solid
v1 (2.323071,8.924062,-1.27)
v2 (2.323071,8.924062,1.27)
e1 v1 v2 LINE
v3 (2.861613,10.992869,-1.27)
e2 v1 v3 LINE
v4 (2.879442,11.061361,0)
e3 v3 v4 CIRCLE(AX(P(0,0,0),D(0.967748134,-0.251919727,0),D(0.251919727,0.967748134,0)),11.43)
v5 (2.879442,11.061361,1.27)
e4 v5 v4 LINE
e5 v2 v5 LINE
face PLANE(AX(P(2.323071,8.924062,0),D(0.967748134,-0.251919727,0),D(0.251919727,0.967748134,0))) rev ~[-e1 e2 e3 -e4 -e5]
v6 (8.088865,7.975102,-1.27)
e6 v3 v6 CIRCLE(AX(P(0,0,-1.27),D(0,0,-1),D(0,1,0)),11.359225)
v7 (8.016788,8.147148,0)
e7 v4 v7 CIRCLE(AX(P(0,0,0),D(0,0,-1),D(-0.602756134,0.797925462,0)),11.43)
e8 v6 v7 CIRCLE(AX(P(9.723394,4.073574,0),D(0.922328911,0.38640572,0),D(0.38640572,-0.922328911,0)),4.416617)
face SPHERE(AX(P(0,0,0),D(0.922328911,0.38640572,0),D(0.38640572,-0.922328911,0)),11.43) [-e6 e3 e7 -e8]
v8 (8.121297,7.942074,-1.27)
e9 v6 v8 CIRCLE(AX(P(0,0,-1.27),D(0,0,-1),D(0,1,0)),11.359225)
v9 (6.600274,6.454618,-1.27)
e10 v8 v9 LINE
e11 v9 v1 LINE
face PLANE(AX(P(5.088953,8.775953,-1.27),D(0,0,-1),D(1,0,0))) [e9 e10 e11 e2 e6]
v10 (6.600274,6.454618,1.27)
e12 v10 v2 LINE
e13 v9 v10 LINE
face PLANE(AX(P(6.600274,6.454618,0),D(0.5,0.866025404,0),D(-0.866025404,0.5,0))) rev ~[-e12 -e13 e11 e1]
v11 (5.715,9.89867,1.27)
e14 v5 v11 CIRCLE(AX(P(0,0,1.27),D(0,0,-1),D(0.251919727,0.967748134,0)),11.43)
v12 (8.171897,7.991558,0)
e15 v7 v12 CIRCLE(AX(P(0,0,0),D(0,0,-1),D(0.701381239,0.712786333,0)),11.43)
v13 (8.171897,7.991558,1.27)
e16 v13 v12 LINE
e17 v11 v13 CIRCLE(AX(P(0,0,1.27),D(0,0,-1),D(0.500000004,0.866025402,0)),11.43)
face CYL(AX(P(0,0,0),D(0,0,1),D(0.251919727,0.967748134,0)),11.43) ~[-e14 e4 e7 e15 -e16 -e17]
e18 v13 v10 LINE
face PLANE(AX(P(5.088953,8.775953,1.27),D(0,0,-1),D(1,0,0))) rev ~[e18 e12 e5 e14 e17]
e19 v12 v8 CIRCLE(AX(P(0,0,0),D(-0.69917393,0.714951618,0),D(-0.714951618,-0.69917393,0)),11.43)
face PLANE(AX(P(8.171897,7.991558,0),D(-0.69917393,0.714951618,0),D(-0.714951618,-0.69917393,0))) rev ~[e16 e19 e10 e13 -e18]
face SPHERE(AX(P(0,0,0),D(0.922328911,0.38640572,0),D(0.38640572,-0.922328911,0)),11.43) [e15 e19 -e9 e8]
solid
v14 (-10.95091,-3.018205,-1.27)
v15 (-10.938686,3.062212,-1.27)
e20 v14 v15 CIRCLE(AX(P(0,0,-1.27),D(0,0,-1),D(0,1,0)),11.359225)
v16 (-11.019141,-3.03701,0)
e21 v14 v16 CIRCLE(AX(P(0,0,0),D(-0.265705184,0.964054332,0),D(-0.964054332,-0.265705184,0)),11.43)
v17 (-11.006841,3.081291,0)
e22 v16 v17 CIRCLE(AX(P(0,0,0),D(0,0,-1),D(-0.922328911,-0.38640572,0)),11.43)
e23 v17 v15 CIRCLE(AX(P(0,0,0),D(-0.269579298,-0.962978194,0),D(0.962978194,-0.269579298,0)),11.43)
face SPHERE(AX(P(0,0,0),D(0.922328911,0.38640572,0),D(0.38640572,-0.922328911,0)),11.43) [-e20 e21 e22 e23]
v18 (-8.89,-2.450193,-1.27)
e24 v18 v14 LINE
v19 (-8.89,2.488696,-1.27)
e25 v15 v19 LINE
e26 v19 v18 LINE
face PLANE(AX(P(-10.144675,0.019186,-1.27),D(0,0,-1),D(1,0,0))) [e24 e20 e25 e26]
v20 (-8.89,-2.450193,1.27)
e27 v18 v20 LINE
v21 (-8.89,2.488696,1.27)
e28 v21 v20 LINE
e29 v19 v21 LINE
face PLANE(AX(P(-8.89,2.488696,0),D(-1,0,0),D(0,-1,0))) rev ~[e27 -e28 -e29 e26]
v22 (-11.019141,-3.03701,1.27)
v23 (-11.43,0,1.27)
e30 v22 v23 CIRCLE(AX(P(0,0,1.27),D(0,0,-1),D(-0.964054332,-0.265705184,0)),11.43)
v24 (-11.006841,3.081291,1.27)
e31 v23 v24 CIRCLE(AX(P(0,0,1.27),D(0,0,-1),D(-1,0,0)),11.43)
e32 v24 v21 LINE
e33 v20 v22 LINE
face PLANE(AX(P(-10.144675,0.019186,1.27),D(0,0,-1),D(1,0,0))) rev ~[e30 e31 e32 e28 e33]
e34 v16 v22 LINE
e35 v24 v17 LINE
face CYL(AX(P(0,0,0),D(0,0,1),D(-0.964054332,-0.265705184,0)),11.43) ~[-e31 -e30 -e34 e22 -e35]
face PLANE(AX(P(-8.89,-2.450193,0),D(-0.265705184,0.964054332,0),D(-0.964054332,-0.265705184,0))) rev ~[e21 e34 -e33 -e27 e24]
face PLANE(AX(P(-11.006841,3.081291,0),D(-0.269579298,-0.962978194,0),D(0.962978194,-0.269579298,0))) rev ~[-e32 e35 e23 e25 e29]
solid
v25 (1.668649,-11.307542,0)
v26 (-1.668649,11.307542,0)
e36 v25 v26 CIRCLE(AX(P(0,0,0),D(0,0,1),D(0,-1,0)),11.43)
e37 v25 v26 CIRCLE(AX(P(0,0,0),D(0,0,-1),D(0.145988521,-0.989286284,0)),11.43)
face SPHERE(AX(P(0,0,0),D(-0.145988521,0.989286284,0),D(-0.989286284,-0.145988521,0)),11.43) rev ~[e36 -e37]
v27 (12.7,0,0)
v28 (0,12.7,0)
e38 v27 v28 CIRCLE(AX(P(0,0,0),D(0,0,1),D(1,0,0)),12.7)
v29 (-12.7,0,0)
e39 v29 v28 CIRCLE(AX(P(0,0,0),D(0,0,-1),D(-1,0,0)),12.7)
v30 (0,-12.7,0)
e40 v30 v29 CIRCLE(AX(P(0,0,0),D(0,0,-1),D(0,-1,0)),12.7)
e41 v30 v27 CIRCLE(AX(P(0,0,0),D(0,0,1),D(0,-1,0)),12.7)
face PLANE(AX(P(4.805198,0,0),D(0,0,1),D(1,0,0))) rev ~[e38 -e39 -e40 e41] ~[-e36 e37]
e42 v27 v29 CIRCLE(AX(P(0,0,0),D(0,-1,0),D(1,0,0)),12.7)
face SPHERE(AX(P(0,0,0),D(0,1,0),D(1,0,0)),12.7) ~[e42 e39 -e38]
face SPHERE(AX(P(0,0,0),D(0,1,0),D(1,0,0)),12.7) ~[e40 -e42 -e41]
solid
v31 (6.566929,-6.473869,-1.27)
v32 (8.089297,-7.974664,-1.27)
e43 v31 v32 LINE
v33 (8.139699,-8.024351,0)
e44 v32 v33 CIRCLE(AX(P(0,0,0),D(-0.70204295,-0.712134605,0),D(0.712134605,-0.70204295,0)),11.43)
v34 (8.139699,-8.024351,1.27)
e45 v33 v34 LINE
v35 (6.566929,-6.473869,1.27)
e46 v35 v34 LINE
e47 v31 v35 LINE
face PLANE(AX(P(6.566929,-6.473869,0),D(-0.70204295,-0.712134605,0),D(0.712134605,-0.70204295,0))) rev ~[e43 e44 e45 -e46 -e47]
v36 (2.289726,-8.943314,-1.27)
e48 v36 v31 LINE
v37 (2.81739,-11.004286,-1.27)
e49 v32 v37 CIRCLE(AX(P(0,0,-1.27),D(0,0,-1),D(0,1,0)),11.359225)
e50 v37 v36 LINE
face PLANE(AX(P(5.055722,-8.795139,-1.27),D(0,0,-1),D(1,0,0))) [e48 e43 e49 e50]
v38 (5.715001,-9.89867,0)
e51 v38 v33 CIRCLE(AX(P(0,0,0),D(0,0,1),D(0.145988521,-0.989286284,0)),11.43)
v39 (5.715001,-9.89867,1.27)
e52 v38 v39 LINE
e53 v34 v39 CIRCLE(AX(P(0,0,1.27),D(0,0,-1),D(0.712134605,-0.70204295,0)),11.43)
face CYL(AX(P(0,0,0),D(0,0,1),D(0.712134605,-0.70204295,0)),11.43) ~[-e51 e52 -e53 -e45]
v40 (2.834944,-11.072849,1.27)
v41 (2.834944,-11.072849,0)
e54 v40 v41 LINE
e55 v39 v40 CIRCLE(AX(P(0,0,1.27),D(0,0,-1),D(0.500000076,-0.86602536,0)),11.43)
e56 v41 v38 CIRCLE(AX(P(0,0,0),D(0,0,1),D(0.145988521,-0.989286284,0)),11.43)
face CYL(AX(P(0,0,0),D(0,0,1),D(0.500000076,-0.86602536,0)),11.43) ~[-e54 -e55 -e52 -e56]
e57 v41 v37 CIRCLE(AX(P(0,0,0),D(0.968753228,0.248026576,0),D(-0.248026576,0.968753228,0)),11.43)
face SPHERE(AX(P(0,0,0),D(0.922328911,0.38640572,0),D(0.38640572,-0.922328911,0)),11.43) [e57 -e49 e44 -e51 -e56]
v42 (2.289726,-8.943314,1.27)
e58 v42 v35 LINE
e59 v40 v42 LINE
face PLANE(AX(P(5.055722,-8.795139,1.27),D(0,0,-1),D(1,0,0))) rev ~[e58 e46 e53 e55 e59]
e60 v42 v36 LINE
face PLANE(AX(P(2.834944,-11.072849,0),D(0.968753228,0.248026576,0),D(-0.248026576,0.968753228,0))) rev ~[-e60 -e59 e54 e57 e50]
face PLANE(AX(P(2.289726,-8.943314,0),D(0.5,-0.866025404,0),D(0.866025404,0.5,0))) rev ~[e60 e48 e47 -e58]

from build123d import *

# Parameters (mm, degrees)
F1_ANGLE      = 180
F3_ANGLE      = 197.782
F5_DEPTH      = 1.27
F5_DEPTH_BACK = 1.27
F7_ANGLE      = 180


with BuildPart() as f1:
    # F0 (on Top) → F1 (revolve)
    with BuildSketch(Plane.XY):
        with BuildLine():
            ThreePointArc((0, -12.7), (8.9802561211, -8.9802561211), (12.7, 0))
            ThreePointArc((12.7, 0), (8.9802561211, 8.9802561211), (0, 12.7))
            Line((0, 12.7), (0, -12.7))
        make_face()
    revolve(axis=Axis((0, 0, 0), (0, -1, 0)), revolution_arc=F1_ANGLE)

    # F2 (on face) → F3 (revolve, cut)
    with BuildSketch(Plane(origin=(0, 0, 0), x_dir=(1, 0, 0), z_dir=(0, 0, -1))):
        with BuildLine():
            Line((-1.66864879, -11.307542227), (1.66864879, 11.307542227))
            ThreePointArc((1.66864879, 11.307542227), (-11.307542227, 1.66864879), (-1.66864879, -11.307542227))
        make_face()
    revolve(axis=Axis((0, 0, 0), (-0.1459885206, 0.9892862841, 0)), revolution_arc=F3_ANGLE, mode=Mode.SUBTRACT)


with BuildPart() as f5:
    # F4 (on face) → F5 (new body, two sides)
    with BuildSketch(Plane(origin=(0, 0, 0), x_dir=(1, 0, 0), z_dir=(0, 0, -1))) as f5_sk:
        with BuildLine():
            ThreePointArc((-11.0191410151, 3.0370102552), (-11.3268195404, 1.5323377888), (-11.43, 0))
            ThreePointArc((-11.43, 0), (-11.3237160387, -1.55510613), (-11.0068407567, -3.0812913782))
            Line((-11.0068407567, -3.0812913782), (-8.89, -2.4886959808))
            Line((-8.89, -2.4886959808), (-8.89, 2.4501929081))
            Line((-8.89, 2.4501929081), (-11.0191410151, 3.0370102552))
        make_face()
    extrude(amount=-F5_DEPTH)
    extrude(f5_sk.sketch, amount=F5_DEPTH_BACK)


with BuildPart() as f5b:
    # F4 (on face) → F5, piece 2 (new body, two sides)
    with BuildSketch(Plane(origin=(0, 0, 0), x_dir=(1, 0, 0), z_dir=(0, 0, -1))) as f5_2_sk:
        with BuildLine():
            Line((2.3230706974, -8.9240622937), (2.879442475, -11.0613611745))
            ThreePointArc((2.879442475, -11.0613611745), (4.33636634, -10.5754823514), (5.7150000412, -9.8986703415))
            ThreePointArc((5.7150000412, -9.8986703415), (7.0086194523, -9.0290726751), (8.1718969883, -7.9915580216))
            Line((8.1718969883, -7.9915580216), (6.6002739417, -6.4546178493))
            Line((6.6002739417, -6.4546178493), (2.3230706974, -8.9240622937))
        make_face()
    extrude(amount=-F5_DEPTH)
    extrude(f5_2_sk.sketch, amount=F5_DEPTH_BACK)


with BuildPart() as f5c:
    # F4 (on face) → F5, piece 3 (new body, two sides)
    with BuildSketch(Plane(origin=(0, 0, 0), x_dir=(1, 0, 0), z_dir=(0, 0, -1))) as f5_3_sk:
        with BuildLine():
            ThreePointArc((5.7150008731, 9.8986698612), (4.3150970719, 10.5841786294), (2.8349437683, 11.0728493998))
            Line((2.8349437683, 11.0728493998), (2.2897260583, 8.94331383))
            Line((2.2897260583, 8.94331383), (6.5669293026, 6.4738693856))
            Line((6.5669293026, 6.4738693856), (8.1396985401, 8.0243509193))
            ThreePointArc((8.1396985401, 8.0243509193), (6.9904536213, 9.0431442634), (5.7150008731, 9.8986698612))
        make_face()
    extrude(amount=-F5_DEPTH)
    extrude(f5_3_sk.sketch, amount=F5_DEPTH_BACK)


with BuildPart() as f7_tool:
    # F6 (on face) → F7 (revolve)
    with BuildSketch(Plane(origin=(0, 0, 0), x_dir=(1, 0, 0), z_dir=(0, 0, -1))):
        with BuildLine():
            ThreePointArc((1.66864879, 11.307542227), (8.6520967305, 7.4690107889), (11.43, 0))
            ThreePointArc((11.43, 0), (11.2058571362, -2.2524799319), (10.5422194499, -4.4166173787))
            Line((10.5422194499, -4.4166173787), (11.7135771666, -4.907352643))
            ThreePointArc((11.7135771666, -4.907352643), (10.5738682271, 7.034437484), (0, 12.7))
            ThreePointArc((0, 12.7), (-7.034437484, 10.5738682271), (-11.7135771666, 4.907352643))
            Line((-11.7135771666, 4.907352643), (-10.5422194499, 4.4166173787))
            ThreePointArc((-10.5422194499, 4.4166173787), (-5.6174972524, 9.9543269295), (1.66864879, 11.307542227))
        make_face()
        with BuildLine():
            ThreePointArc((0, 12.7), (10.5738682271, 7.034437484), (11.7135771666, -4.907352643))
            Line((11.7135771666, -4.907352643), (23.4271543331, -9.814705286))
            ThreePointArc((23.4271543331, -9.814705286), (24.901904747, -5.0055109599), (25.4, 0))
            ThreePointArc((25.4, 0), (5.0055109599, 24.901904747), (-23.4271543331, 9.814705286))
            Line((-23.4271543331, 9.814705286), (-11.7135771666, 4.907352643))
            ThreePointArc((-11.7135771666, 4.907352643), (-7.034437484, 10.5738682271), (0, 12.7))
        make_face()
    revolve(axis=Axis((0, 0, 0), (0.9223289108, 0.3864057199, 0)), revolution_arc=F7_ANGLE)


with BuildPart() as f5_1:
    add(f5.part)

    # F7: cut by f7_tool
    add(f7_tool.part, mode=Mode.SUBTRACT)


with BuildPart() as f5b_1:
    add(f5b.part)

    # F7: cut by f7_tool
    add(f7_tool.part, mode=Mode.SUBTRACT)


with BuildPart() as f5c_1:
    add(f5c.part)

    # F7: cut by f7_tool
    add(f7_tool.part, mode=Mode.SUBTRACT)


solid = Compound([f1.part, f5_1.part, f5b_1.part, f5c_1.part])
